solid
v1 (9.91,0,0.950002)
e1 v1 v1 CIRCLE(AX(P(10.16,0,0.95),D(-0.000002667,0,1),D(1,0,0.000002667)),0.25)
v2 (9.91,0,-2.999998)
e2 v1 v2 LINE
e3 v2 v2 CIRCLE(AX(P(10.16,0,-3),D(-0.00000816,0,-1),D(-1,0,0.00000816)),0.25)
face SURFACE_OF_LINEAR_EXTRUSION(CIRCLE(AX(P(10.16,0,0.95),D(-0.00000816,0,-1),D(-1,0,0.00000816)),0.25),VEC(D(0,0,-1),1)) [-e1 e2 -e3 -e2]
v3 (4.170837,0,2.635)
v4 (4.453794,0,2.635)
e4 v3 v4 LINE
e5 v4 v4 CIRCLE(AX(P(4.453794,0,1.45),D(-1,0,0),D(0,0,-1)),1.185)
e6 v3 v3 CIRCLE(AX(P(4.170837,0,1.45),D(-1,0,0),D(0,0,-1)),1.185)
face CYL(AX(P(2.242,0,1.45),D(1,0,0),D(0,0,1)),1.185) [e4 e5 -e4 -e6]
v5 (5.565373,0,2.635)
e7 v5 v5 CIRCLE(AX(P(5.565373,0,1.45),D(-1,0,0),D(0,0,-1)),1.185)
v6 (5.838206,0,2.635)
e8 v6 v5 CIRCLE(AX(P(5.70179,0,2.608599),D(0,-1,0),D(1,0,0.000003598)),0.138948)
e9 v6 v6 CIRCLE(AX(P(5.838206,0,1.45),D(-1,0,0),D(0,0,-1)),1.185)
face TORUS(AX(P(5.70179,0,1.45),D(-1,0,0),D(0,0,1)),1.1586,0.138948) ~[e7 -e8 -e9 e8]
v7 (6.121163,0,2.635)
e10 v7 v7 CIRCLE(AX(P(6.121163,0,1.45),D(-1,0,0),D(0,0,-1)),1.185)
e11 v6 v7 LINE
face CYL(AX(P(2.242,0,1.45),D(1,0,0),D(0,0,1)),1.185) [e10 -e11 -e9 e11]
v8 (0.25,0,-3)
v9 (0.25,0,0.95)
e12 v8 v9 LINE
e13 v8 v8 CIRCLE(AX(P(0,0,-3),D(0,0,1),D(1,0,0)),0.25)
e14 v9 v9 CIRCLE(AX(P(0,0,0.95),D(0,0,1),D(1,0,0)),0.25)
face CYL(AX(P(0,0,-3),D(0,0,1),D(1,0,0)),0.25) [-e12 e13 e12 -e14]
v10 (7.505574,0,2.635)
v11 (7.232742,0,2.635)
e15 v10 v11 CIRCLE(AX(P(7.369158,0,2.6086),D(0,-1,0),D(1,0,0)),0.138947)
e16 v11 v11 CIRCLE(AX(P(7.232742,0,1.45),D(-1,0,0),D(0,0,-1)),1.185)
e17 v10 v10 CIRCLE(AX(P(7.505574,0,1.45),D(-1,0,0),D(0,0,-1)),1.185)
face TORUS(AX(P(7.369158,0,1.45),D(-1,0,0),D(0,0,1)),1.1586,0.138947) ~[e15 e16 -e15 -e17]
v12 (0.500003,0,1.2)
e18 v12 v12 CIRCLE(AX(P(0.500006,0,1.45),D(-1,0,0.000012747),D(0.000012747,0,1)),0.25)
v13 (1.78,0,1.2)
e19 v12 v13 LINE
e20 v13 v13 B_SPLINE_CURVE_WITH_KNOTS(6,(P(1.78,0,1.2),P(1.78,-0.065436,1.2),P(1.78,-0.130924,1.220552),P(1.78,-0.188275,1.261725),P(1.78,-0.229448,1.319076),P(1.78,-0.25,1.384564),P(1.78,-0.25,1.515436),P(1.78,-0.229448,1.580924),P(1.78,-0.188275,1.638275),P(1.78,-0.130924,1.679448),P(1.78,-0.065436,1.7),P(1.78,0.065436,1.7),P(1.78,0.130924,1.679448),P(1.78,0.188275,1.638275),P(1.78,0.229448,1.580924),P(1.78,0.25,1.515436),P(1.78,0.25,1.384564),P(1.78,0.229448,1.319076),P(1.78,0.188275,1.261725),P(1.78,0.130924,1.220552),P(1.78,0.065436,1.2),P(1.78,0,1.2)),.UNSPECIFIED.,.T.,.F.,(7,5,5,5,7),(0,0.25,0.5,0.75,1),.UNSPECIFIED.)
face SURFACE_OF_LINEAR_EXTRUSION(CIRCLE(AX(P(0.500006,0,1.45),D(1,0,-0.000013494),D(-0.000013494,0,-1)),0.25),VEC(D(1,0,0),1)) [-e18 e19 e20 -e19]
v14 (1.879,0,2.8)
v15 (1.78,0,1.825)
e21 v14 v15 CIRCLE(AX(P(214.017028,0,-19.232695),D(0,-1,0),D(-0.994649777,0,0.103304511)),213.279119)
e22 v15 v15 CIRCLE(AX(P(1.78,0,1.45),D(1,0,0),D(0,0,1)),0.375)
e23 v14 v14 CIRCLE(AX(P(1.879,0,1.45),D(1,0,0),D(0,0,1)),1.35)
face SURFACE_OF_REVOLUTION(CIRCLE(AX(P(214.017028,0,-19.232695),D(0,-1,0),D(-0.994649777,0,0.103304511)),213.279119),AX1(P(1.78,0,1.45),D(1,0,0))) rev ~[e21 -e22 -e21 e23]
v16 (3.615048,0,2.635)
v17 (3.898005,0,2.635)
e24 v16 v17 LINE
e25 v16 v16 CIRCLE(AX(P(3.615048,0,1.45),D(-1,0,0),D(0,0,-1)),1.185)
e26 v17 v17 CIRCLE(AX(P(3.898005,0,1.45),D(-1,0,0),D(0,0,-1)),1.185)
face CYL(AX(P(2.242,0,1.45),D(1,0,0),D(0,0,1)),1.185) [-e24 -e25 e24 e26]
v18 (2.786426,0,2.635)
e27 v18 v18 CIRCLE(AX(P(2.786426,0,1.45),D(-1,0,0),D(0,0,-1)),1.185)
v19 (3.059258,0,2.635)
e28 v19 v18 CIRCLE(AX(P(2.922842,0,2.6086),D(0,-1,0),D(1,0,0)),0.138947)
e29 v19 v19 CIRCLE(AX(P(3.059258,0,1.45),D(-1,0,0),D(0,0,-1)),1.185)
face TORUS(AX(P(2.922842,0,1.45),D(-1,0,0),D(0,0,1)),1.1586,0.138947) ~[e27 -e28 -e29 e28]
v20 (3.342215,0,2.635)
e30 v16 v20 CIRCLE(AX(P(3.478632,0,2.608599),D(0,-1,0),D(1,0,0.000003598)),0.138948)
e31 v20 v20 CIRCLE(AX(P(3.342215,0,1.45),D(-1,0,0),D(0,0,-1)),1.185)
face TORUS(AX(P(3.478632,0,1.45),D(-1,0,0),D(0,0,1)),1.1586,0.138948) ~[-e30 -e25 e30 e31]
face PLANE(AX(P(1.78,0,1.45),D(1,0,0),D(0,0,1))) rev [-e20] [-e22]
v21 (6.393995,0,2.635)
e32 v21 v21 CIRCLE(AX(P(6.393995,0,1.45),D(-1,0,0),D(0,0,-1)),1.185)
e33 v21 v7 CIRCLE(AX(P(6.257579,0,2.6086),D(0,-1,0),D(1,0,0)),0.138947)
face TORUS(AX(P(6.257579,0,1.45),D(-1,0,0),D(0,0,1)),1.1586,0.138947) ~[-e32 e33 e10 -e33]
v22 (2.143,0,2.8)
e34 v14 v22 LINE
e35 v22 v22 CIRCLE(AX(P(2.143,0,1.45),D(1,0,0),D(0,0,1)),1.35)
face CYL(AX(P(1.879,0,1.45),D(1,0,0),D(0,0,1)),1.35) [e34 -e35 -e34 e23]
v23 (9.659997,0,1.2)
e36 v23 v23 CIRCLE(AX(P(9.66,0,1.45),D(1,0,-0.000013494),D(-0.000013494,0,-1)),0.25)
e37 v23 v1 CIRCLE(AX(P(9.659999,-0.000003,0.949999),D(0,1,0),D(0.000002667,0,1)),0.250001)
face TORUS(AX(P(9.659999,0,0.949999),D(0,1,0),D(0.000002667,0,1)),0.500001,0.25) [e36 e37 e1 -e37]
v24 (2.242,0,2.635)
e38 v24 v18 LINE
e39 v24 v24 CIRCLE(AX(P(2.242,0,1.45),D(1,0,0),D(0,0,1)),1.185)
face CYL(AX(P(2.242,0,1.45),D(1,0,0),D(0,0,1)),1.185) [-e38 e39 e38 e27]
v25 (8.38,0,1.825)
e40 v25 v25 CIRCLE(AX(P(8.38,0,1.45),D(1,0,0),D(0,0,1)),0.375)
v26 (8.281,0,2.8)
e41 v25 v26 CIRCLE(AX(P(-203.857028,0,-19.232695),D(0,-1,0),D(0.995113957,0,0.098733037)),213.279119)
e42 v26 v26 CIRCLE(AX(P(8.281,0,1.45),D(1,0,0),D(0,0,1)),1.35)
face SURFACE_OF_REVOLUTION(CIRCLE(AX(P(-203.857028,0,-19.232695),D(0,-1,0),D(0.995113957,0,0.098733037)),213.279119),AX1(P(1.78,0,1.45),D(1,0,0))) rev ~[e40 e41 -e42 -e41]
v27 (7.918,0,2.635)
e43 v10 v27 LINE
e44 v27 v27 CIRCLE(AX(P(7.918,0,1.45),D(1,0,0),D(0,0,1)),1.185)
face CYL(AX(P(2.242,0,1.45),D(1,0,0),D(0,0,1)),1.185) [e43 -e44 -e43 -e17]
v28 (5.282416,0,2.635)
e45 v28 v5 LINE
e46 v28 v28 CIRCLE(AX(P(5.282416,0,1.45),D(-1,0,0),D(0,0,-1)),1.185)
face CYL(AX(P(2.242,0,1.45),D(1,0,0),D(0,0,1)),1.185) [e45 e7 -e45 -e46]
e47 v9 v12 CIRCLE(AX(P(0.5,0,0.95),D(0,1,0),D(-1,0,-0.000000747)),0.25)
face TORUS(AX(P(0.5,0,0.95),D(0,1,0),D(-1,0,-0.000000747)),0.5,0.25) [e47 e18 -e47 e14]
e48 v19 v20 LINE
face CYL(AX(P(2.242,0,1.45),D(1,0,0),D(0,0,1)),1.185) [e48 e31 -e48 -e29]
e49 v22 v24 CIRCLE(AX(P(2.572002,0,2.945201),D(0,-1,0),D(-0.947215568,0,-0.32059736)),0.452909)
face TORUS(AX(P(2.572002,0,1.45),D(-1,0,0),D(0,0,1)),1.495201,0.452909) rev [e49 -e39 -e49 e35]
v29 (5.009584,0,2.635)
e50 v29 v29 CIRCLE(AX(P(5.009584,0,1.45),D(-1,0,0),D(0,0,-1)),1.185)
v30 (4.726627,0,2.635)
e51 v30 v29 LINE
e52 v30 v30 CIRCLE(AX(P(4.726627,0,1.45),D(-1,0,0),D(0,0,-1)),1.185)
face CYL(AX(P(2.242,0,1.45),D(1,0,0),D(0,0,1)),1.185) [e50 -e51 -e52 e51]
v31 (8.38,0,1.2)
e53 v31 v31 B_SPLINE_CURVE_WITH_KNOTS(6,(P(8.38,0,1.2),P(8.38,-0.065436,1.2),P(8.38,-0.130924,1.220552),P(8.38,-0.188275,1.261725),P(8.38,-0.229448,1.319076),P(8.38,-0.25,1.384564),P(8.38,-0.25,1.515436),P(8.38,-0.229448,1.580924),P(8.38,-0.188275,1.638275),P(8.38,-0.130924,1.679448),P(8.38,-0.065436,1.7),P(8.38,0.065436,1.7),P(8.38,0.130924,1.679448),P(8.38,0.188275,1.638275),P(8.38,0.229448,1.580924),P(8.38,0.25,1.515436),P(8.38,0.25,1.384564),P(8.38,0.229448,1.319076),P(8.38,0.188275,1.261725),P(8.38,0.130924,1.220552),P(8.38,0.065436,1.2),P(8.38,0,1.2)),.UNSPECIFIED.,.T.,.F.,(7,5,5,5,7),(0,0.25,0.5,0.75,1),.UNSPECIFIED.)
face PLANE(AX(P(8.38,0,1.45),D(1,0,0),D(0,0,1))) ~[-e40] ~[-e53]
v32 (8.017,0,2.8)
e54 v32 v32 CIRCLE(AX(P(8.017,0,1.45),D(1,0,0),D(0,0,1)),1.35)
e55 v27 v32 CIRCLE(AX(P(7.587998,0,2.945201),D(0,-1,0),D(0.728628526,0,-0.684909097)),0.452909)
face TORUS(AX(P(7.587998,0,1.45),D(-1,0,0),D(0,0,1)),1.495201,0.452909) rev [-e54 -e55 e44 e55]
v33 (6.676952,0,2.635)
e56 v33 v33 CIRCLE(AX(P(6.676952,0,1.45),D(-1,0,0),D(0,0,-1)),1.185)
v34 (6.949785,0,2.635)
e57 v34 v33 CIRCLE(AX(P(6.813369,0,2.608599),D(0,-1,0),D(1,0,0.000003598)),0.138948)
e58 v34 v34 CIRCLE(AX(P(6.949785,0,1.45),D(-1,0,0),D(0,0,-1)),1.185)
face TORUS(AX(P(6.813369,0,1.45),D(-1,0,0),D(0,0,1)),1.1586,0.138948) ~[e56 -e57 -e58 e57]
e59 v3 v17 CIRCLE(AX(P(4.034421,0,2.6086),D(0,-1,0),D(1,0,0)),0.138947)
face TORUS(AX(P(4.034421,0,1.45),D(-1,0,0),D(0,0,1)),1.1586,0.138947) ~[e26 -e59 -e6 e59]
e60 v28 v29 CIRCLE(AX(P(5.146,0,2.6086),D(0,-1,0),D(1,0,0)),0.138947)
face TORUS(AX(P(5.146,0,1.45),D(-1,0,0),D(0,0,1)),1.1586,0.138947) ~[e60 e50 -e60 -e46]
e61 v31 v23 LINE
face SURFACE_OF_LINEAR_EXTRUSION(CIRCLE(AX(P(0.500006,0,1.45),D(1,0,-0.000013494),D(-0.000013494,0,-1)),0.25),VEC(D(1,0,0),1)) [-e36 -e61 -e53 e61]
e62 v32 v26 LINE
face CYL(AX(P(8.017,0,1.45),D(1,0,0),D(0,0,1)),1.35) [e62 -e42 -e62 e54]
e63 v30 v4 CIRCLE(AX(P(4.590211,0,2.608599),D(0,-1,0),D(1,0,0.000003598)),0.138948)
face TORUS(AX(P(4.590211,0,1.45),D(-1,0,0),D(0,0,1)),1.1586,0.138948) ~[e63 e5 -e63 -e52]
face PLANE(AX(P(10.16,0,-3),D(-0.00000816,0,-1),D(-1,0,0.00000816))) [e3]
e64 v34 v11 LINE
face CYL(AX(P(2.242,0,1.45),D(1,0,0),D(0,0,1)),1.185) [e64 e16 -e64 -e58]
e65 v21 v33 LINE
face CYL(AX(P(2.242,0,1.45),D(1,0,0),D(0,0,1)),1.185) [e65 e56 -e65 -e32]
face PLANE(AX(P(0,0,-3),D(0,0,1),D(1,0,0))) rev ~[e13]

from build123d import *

# Parameters (mm, degrees)
SKETCH_R = 0.25


with BuildPart() as sweep_body:
    # Sweep: sweep along a path in Sketch001
    with BuildLine(Plane.XZ) as sweep_path:
        Line((0, -3), (0, 0.95))
        ThreePointArc((0, 0.95), (0.146449, 1.303556), (0.500006, 1.45))
        Line((0.500006, 1.45), (9.66, 1.45))
        ThreePointArc((9.66, 1.45), (10.013553, 1.303553), (10.16, 0.95))
        Line((10.16, 0.95), (10.16, -3))
    # Sketch → Sweep (sweep)
    with BuildSketch(Plane.XY.offset(-2)):
        Circle(SKETCH_R)
    sweep(path=sweep_path.line)


with BuildPart() as revolution:
    # Sketch002 → Revolution (revolve)
    with BuildSketch(Plane.XZ):
        with BuildLine():
            Line((1.879, 2.8), (2.143, 2.8))
            ThreePointArc((2.143, 2.8), (2.183636, 2.712182), (2.242, 2.635))
            Line((2.242, 2.635), (7.918, 2.635))
            ThreePointArc((7.918, 2.635), (7.976364, 2.712182), (8.017, 2.8))
            Line((8.017, 2.8), (8.281, 2.8))
            ThreePointArc((8.38, 1.825), (8.33106, 2.312557), (8.281, 2.8))
            Line((8.38, 1.45), (8.38, 1.825))
            Line((1.78, 1.45), (8.38, 1.45))
            Line((1.78, 1.45), (1.78, 1.825))
            ThreePointArc((1.879, 2.8), (1.82894, 2.312557), (1.78, 1.825))
        make_face()
    revolve(axis=Axis((1.78, 0, 1.45), (1, 0, 0)))


with BuildPart() as revolution001_mp_cp:
    # Sketch003 → Revolution001 (revolve)
    with BuildSketch(Plane.XZ):
        with BuildLine():
            ThreePointArc((3.061789, 2.6086), (2.922842, 2.747547), (2.783895, 2.6086))
            Line((2.506, 2.6086), (2.783895, 2.6086))
            Line((2.506, 2.6086), (2.506, 2.3386))
            Line((2.506, 2.3386), (7.786, 2.3386))
            Line((7.786, 2.3386), (7.786, 2.6086))
            Line((7.508105, 2.6086), (7.786, 2.6086))
            ThreePointArc((7.508105, 2.6086), (7.369158, 2.747547), (7.230211, 2.6086))
            Line((6.952316, 2.6086), (7.230211, 2.6086))
            ThreePointArc((6.952316, 2.6086), (6.813368, 2.747547), (6.674421, 2.6086))
            Line((6.396526, 2.6086), (6.674421, 2.6086))
            ThreePointArc((6.396526, 2.6086), (6.257579, 2.747547), (6.118632, 2.6086))
            Line((5.840737, 2.6086), (6.118632, 2.6086))
            ThreePointArc((5.840737, 2.6086), (5.701789, 2.747547), (5.562842, 2.6086))
            Line((5.284947, 2.6086), (5.562842, 2.6086))
            ThreePointArc((5.284947, 2.6086), (5.146, 2.747547), (5.007053, 2.6086))
            Line((4.729158, 2.6086), (5.007053, 2.6086))
            ThreePointArc((4.729158, 2.6086), (4.590211, 2.747547), (4.451263, 2.6086))
            Line((4.173368, 2.6086), (4.451263, 2.6086))
            ThreePointArc((4.173368, 2.6086), (4.034421, 2.747547), (3.895474, 2.6086))
            Line((3.617579, 2.6086), (3.895474, 2.6086))
            ThreePointArc((3.617579, 2.6086), (3.478632, 2.747547), (3.339684, 2.6086))
            Line((3.061789, 2.6086), (3.339684, 2.6086))
        make_face()
    revolve(axis=Axis((1.945, 0, 1.45), (1, 0, 0)))

    # Revolution001_mp_cp: union Sweep body, Revolution
    add(sweep_body.part)
    add(revolution.part)


solid = revolution001_mp_cp.part
